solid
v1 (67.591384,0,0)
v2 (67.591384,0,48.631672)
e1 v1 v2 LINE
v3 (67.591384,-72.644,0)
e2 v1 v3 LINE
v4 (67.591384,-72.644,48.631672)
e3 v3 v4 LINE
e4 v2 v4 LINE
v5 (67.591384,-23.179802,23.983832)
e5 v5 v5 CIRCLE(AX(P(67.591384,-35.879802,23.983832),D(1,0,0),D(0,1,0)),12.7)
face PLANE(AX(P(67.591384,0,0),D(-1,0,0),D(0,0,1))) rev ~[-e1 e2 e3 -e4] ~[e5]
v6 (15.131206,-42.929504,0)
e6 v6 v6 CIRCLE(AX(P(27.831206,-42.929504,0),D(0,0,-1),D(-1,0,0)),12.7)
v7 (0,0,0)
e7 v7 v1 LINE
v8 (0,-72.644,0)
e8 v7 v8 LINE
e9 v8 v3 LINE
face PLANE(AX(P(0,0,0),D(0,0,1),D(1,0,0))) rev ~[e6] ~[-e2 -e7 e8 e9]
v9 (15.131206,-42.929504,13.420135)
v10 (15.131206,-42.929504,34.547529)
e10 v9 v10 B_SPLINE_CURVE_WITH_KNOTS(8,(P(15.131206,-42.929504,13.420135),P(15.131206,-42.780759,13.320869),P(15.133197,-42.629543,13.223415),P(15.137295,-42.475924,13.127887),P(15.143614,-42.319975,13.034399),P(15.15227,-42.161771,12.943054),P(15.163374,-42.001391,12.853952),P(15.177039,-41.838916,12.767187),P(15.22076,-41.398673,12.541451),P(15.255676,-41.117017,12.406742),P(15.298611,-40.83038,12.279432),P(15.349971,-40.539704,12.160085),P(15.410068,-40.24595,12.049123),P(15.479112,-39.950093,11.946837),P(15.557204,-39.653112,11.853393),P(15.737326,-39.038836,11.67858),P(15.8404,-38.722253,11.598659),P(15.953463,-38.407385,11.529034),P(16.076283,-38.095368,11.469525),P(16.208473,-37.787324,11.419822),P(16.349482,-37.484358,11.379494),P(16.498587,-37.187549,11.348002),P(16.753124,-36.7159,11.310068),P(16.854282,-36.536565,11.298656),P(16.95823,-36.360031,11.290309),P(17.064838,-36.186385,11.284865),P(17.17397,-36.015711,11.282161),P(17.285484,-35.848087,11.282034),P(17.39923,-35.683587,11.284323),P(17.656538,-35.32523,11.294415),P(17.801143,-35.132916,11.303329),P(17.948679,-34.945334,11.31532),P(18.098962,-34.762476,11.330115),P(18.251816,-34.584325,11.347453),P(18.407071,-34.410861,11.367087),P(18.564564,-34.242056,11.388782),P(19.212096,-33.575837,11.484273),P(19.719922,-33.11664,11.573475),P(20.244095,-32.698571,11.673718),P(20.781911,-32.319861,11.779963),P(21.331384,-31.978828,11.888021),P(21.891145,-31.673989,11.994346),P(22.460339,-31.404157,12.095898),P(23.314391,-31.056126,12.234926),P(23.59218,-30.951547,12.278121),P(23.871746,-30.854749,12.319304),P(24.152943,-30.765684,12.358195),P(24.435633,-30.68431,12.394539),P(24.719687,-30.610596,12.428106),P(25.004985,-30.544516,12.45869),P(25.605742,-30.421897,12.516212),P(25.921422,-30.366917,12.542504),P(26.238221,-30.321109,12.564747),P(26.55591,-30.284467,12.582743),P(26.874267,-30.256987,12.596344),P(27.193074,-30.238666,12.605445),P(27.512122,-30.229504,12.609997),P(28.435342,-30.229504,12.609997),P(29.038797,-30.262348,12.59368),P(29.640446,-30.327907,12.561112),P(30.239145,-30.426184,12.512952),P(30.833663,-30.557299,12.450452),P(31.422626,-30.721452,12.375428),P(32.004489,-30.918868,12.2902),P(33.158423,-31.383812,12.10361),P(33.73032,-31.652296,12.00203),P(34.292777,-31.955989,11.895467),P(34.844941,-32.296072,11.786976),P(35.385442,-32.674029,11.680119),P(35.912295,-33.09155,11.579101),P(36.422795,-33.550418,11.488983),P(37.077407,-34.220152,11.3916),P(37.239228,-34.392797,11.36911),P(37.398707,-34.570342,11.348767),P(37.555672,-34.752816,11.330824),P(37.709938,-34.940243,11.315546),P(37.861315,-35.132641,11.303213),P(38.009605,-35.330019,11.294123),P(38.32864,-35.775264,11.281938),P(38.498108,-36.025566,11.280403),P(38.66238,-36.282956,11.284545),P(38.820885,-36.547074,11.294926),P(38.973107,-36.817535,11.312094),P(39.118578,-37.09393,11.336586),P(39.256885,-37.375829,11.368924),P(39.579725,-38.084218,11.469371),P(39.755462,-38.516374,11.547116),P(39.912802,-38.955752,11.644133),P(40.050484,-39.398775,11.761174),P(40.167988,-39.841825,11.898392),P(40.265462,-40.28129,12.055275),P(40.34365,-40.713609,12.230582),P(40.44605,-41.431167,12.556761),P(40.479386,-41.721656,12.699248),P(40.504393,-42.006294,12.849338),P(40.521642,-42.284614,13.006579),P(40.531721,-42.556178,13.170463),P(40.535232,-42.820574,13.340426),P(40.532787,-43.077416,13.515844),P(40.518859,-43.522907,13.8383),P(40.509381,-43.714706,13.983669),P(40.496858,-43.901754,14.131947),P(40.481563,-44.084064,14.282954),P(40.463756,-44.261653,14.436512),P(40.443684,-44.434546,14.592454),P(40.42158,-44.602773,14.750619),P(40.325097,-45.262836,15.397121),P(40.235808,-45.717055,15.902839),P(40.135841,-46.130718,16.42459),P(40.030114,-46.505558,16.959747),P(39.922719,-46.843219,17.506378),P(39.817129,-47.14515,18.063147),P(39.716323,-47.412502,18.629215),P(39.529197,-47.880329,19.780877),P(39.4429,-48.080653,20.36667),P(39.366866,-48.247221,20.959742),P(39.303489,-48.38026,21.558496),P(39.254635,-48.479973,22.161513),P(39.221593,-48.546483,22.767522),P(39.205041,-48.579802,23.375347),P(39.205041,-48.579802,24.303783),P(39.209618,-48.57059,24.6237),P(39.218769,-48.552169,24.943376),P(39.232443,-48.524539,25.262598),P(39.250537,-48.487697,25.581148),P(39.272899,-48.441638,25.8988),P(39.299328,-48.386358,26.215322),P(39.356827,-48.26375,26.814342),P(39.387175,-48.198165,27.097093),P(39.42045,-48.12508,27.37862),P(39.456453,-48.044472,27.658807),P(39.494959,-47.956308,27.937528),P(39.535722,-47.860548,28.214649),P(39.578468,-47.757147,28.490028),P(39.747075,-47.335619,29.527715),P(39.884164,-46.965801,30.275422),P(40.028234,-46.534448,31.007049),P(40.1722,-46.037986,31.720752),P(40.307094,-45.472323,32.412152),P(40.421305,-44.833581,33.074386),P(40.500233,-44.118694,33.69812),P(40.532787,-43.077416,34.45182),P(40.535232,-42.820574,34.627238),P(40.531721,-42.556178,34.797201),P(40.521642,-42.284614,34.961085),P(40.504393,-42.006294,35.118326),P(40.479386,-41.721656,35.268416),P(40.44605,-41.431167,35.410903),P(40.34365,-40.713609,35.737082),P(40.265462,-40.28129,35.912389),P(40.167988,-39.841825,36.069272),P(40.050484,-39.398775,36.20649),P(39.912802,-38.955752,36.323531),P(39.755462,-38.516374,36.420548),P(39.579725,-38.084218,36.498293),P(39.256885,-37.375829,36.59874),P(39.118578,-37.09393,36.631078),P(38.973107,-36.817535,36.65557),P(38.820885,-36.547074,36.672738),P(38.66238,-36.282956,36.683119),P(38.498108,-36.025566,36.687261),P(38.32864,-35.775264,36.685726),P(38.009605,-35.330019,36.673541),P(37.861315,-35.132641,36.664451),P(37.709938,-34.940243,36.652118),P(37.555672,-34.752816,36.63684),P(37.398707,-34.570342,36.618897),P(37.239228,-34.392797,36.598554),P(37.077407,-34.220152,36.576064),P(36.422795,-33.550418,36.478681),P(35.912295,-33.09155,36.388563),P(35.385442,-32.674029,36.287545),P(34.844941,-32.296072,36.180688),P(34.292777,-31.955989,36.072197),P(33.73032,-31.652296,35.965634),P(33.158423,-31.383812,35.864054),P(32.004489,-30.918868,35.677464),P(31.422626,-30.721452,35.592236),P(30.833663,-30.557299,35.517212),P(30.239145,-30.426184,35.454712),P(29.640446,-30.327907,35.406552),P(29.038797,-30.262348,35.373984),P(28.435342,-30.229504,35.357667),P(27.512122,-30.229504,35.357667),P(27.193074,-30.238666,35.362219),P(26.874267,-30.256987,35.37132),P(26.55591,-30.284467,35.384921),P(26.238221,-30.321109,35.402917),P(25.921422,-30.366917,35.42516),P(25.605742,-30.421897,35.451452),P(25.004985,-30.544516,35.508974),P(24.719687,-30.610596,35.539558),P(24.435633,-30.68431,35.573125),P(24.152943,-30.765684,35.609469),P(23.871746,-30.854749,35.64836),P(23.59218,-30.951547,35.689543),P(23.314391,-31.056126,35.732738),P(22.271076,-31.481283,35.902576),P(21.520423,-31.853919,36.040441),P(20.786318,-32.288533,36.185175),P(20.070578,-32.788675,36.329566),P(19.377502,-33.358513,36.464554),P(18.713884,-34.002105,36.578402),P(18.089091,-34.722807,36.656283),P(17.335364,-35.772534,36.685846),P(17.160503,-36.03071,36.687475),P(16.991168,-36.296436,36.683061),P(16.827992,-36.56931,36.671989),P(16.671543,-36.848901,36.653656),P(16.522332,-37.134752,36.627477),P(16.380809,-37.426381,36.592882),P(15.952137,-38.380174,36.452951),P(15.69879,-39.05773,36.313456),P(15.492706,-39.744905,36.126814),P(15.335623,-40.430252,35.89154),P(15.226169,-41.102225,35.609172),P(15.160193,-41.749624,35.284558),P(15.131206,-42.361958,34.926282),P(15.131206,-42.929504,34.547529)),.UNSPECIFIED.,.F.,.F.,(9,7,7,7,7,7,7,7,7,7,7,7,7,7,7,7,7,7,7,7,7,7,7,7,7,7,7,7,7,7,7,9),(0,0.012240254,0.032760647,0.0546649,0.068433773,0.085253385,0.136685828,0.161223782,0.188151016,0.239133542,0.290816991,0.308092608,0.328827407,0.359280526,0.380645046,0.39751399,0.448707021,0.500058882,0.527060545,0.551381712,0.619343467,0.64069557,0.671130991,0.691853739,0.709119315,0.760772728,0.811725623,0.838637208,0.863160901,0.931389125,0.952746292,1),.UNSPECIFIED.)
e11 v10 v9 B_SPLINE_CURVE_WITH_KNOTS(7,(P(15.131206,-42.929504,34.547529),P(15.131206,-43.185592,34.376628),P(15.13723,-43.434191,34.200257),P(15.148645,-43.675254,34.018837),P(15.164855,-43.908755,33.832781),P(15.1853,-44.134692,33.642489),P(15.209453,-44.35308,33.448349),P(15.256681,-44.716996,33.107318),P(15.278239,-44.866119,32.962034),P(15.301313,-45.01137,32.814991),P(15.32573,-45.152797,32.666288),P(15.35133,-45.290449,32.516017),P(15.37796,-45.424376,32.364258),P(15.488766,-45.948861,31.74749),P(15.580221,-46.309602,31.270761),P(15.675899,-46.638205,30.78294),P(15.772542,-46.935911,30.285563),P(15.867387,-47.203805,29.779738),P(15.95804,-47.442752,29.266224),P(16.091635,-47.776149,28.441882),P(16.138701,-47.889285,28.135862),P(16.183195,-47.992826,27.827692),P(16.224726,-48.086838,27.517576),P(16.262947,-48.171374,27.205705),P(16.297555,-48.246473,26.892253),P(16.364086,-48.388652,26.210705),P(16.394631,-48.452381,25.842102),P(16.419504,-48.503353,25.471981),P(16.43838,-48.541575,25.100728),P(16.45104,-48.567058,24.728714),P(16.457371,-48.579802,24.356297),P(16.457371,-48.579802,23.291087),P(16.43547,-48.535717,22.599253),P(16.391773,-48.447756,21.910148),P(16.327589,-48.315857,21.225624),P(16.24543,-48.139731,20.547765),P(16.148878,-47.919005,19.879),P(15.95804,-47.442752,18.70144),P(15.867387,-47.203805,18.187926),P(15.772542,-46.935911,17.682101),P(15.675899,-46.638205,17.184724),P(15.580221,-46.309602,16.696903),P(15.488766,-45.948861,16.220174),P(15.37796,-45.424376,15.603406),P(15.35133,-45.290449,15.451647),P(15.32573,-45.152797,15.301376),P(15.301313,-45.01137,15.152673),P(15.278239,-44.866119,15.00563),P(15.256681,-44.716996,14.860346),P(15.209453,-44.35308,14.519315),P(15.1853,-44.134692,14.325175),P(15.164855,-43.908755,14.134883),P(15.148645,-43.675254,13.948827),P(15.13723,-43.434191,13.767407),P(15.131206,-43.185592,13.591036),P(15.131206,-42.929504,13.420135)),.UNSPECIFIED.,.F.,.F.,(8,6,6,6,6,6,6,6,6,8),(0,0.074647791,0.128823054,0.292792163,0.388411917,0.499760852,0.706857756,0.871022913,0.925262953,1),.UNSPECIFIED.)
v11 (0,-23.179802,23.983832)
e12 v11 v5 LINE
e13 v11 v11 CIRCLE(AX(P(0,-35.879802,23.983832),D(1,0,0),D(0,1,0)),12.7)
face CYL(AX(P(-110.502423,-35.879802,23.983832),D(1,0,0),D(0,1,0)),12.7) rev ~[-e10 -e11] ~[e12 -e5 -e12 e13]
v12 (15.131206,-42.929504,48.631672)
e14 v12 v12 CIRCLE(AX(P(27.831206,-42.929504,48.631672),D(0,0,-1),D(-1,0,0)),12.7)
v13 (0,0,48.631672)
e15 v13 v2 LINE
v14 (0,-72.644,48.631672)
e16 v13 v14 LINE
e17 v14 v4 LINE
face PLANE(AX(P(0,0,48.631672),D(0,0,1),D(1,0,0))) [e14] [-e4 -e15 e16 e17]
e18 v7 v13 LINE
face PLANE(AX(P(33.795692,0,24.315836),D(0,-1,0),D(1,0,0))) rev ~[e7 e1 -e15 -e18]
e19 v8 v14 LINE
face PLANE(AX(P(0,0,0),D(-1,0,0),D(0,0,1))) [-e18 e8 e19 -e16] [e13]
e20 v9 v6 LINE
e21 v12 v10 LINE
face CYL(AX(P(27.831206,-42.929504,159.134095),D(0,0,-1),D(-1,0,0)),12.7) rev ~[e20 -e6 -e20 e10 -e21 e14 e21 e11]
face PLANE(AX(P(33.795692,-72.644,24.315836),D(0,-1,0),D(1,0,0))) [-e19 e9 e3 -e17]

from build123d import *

# Parameters (mm, degrees)
F0_W     = 67.591384
F0_H     = 48.631672
F1_DEPTH = 72.644
F3_D     = 25.4
F5_D     = 25.4


with BuildPart() as f1:
    # F0 (on Front) → F1 (new body)
    with BuildSketch(Plane.XZ):
        with Locations((33.795692, 24.315836)):
            Rectangle(F0_W, F0_H)
    extrude(amount=F1_DEPTH)

    # F3 (through all)
    with Locations(Plane.XY.offset(48.631672)):
        with Locations((27.831206, -42.929504)):
            Hole(F3_D / 2)

    # F5 (through all)
    with Locations(Plane(origin=(0, 0, 0), x_dir=(0, -1, 0), z_dir=(-1, 0, 0))):
        with Locations((35.879802, 23.983832)):
            Hole(F5_D / 2)


solid = f1.part
